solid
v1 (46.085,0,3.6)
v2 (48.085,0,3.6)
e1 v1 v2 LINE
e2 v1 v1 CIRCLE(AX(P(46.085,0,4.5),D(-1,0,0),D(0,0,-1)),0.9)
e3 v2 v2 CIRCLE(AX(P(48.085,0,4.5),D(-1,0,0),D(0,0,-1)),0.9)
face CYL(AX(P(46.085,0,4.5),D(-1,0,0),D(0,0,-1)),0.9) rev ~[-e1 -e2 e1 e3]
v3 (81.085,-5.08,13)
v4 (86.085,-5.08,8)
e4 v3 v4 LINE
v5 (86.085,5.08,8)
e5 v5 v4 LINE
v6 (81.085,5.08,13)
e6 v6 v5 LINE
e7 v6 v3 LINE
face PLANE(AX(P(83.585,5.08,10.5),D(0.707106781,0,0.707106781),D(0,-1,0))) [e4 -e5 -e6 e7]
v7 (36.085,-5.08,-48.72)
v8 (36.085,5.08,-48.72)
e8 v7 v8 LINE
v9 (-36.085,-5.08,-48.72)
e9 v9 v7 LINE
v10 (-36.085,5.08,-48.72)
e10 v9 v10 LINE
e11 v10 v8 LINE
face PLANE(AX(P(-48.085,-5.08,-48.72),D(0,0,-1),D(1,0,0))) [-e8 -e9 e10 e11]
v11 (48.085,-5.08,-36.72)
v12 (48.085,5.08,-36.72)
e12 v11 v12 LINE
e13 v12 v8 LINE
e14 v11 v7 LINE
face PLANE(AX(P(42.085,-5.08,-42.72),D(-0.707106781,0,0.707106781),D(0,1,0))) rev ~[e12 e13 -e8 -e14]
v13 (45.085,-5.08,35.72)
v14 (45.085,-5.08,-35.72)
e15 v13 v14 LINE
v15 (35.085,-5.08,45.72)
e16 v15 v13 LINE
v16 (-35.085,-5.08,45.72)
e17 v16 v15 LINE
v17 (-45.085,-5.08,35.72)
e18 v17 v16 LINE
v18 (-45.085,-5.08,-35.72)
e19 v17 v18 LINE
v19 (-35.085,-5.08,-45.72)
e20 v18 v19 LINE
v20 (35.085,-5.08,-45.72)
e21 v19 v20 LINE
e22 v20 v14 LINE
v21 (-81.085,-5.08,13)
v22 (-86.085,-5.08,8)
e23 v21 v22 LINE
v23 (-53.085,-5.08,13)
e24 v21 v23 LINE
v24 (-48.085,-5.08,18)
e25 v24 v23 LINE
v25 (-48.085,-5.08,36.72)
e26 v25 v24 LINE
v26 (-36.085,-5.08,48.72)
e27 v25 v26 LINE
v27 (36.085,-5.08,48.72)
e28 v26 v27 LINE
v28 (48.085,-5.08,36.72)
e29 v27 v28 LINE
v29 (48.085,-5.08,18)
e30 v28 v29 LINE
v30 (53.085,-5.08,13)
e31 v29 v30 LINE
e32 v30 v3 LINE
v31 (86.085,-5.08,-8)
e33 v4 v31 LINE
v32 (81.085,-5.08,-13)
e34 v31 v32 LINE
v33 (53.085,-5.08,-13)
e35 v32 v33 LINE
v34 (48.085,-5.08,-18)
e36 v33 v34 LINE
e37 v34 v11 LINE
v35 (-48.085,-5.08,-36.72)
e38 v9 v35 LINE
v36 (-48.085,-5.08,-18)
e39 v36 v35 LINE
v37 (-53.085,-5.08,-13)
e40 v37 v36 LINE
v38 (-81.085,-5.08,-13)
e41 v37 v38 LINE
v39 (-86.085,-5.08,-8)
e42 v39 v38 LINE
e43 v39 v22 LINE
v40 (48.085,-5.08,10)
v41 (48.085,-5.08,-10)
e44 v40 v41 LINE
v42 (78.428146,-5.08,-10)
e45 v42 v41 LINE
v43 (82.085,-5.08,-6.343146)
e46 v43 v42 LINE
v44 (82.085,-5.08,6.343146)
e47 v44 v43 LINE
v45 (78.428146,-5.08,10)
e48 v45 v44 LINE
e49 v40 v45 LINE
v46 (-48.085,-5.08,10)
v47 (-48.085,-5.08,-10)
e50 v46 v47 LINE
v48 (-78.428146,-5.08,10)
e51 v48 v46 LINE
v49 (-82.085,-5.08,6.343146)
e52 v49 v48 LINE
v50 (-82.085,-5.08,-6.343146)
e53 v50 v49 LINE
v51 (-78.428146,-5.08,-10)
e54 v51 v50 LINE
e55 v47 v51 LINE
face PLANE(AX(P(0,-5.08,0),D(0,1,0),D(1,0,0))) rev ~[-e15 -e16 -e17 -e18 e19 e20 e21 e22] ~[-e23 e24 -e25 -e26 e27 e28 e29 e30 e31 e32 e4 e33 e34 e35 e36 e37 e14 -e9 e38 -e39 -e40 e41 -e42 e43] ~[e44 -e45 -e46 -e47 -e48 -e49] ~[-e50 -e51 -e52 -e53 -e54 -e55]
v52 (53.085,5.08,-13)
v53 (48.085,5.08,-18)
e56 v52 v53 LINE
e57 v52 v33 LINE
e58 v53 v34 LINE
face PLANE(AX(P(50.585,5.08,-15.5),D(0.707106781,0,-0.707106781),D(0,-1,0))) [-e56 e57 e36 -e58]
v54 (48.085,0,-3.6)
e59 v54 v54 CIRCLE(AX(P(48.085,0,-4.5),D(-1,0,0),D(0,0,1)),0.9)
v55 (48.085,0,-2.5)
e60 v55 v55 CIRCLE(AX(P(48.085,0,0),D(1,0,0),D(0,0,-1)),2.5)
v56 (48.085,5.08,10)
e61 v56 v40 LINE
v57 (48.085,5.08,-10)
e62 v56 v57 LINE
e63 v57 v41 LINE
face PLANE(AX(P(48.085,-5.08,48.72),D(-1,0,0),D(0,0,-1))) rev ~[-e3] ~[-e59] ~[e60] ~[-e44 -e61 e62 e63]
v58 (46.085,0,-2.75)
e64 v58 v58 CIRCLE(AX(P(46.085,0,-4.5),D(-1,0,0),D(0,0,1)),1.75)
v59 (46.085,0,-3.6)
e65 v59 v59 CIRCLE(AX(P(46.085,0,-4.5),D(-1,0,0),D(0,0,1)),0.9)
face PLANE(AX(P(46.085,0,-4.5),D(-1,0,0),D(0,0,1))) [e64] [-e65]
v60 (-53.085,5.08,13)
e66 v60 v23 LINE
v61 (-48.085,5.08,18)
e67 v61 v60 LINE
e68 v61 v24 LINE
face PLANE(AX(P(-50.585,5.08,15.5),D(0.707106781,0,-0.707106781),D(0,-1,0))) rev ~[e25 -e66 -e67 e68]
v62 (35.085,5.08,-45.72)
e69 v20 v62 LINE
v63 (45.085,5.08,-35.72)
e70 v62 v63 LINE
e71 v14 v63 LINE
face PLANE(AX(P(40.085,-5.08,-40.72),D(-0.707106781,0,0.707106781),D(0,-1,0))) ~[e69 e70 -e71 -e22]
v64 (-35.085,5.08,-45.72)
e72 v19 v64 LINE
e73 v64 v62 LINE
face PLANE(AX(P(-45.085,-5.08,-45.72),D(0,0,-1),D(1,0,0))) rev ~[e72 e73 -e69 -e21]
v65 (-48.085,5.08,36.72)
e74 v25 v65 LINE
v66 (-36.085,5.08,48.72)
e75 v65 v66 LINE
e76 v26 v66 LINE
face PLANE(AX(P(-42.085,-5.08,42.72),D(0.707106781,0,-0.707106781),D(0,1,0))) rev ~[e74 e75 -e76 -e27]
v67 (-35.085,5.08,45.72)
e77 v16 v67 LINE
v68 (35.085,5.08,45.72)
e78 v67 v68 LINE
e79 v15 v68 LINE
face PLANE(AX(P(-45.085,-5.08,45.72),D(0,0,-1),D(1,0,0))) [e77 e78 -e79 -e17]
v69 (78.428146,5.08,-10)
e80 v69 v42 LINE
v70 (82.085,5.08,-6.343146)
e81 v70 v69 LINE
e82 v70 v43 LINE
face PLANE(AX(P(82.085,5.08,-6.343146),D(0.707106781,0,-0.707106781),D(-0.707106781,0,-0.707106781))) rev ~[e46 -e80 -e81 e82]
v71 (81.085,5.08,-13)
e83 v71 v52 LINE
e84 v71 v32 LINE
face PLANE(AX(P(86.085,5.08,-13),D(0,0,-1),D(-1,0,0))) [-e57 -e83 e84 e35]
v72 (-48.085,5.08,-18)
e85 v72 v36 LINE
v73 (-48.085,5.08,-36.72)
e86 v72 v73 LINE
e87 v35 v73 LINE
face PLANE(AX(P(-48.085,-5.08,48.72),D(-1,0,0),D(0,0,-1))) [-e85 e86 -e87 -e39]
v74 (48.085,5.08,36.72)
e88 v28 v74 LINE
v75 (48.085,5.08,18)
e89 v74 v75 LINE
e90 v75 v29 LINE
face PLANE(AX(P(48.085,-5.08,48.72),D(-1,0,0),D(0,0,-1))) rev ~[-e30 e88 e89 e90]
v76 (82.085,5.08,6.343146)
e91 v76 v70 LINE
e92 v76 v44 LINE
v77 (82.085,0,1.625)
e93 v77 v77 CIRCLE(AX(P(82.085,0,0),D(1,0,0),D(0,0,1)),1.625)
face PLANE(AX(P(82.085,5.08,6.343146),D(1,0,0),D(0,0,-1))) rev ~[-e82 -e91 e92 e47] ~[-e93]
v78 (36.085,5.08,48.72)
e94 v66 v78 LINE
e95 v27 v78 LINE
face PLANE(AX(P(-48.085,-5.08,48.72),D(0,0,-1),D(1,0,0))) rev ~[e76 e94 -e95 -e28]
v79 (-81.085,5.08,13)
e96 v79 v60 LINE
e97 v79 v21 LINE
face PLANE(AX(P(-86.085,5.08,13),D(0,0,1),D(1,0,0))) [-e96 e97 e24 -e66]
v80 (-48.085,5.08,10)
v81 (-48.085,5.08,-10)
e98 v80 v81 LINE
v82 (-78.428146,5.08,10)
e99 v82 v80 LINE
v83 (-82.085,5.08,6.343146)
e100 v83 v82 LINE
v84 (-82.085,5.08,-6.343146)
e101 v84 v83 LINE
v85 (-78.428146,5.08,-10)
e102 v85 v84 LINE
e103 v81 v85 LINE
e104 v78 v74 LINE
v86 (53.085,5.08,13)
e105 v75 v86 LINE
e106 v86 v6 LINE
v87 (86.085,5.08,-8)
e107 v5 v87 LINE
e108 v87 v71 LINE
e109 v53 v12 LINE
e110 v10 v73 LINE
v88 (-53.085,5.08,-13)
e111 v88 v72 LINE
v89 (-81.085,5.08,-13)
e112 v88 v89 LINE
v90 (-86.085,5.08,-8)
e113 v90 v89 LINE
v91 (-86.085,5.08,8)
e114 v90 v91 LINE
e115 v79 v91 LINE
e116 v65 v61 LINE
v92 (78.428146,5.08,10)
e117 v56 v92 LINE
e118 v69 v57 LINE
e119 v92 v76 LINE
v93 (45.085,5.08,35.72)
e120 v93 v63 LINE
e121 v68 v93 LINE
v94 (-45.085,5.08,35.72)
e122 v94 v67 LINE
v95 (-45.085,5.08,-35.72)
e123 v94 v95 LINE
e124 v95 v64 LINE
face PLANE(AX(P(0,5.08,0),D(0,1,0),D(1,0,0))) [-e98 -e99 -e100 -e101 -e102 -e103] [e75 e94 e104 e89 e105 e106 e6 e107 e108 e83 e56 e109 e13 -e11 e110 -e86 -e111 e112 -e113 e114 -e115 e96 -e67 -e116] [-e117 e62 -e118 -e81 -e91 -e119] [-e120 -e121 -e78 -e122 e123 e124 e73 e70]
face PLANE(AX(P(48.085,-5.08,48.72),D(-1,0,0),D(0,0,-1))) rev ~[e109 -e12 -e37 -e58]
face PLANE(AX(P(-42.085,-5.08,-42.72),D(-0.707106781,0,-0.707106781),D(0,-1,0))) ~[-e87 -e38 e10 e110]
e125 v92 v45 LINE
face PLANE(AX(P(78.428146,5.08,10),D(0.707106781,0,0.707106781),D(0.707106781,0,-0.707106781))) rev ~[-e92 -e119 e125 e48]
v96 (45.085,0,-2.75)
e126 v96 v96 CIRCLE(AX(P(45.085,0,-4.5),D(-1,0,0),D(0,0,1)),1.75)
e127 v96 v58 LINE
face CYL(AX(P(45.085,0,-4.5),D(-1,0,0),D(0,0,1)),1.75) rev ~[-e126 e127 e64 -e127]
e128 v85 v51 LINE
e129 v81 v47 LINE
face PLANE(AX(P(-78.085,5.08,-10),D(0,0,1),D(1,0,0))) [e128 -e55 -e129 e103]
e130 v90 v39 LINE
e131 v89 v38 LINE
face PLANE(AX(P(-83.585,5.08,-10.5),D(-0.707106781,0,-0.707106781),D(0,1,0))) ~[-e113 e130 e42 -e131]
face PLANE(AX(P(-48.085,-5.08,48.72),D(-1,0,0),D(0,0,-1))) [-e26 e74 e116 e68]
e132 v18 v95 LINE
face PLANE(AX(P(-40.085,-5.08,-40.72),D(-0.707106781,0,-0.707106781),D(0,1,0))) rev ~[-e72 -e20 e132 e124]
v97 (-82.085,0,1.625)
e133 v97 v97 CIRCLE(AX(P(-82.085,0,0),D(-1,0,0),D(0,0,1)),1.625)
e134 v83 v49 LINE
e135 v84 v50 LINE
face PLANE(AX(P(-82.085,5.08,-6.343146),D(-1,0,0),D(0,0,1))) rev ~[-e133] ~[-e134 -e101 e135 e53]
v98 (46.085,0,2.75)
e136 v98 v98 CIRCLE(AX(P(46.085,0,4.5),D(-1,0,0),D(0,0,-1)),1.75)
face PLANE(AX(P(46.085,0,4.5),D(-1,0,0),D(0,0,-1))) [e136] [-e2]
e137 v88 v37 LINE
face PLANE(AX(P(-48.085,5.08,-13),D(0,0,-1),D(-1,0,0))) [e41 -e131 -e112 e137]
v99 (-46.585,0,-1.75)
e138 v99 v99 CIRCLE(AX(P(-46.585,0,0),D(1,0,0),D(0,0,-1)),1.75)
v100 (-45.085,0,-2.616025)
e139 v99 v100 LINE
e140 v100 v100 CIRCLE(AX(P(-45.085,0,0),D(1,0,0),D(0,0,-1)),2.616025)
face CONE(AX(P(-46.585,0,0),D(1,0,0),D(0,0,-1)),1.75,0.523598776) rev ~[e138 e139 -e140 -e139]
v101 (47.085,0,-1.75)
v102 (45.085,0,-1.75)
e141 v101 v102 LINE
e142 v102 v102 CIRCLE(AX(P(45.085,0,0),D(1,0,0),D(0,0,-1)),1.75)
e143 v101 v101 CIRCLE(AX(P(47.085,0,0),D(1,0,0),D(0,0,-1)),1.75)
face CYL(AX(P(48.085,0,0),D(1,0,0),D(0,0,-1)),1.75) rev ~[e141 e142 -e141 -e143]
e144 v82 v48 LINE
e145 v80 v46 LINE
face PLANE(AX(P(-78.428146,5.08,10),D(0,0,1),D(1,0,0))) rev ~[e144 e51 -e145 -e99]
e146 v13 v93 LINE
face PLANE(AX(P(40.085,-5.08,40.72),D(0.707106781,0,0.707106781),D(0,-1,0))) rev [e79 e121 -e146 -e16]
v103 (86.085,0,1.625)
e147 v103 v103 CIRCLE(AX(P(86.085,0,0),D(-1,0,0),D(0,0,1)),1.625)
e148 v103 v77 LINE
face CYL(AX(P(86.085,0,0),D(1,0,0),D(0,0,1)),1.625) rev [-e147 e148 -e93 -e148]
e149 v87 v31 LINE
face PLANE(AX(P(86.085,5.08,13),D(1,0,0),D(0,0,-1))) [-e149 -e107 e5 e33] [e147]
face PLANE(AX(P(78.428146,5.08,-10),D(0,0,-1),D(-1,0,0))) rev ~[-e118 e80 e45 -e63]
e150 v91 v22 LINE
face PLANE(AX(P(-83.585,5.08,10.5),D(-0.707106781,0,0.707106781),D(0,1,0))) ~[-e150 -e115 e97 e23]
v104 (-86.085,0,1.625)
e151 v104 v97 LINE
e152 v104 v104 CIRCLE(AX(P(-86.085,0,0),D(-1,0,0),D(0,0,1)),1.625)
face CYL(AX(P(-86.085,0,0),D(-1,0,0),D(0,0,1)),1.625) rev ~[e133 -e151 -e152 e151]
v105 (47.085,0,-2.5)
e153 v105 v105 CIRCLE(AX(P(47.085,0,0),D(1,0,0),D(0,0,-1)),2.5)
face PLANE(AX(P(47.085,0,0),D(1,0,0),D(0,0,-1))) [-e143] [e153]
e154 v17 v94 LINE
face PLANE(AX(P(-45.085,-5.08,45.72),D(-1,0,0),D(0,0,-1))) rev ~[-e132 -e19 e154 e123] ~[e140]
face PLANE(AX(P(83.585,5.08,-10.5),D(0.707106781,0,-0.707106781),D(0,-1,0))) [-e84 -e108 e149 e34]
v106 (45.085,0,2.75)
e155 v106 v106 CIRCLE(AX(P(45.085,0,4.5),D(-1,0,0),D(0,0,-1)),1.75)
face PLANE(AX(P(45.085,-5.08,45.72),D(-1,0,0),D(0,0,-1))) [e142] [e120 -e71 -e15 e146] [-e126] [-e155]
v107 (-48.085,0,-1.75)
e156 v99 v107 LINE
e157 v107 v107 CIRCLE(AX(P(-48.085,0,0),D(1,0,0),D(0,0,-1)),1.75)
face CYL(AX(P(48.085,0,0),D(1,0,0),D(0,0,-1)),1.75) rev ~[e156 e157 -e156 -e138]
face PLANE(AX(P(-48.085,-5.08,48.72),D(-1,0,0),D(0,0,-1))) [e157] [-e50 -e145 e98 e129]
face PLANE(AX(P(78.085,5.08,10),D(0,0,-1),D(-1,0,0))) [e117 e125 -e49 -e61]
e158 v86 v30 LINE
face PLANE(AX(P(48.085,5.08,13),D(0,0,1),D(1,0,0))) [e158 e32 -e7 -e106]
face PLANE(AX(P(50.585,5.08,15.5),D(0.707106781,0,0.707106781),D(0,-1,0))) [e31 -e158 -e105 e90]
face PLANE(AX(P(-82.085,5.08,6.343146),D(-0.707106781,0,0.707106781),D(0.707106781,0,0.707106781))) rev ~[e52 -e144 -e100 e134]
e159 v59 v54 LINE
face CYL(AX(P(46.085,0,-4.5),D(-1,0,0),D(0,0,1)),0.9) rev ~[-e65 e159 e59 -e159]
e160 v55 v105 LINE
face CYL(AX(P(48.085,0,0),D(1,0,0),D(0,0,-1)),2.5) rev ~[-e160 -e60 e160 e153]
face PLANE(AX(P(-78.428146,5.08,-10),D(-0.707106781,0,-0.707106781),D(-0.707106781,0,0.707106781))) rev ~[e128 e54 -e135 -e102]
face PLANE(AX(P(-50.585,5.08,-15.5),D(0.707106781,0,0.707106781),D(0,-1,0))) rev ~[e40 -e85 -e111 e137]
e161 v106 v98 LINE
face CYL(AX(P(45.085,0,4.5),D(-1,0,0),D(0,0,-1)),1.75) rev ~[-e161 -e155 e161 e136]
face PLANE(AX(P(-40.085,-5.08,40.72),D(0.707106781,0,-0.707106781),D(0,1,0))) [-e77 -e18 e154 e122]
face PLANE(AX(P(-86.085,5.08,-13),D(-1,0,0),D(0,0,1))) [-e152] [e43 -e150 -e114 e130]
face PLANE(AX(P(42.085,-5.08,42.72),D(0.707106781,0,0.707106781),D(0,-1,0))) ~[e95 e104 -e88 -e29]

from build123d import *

# Parameters (mm, degrees)
BOSS_EXTRUDE1_DEPTH      = 5.08
BOSS_EXTRUDE1_DEPTH_BACK = 5.08
SKETCH2_W                = 96.17
SKETCH2_H                = 97.44
SKETCH2_W_2              = 90.17
SKETCH2_H_2              = 91.44
SKETCH3_R                = 1.75
CUT_EXTRUDE1_DEPTH       = 108.926427255
SKETCH4_R                = 1.75
CUT_EXTRUDE2_DEPTH       = 1
SKETCH5_R                = 0.9
CUT_EXTRUDE3_DEPTH       = 107.148168613
SKETCH6_R                = 2.5
CUT_EXTRUDE4_DEPTH       = 1
BOSS_EXTRUDE2_DEPTH      = 10.16
CHAMFER1_SIZE            = 1.5
CHAMFER1_SIZE2           = 0.866025404
SKETCH9_R                = 1.625
CUT_EXTRUDE5_DEPTH       = 5
CHAMFER3_SIZE            = 10
CHAMFER4_SIZE            = 12
CHAMFER5_SIZE            = 5
CUT_EXTRUDE6_DEPTH       = 100.435864883


with BuildPart() as part:
    # Sketch2 → Boss-Extrude1 (new, two sides: drawn at the far end of the back side and taken through both)
    with BuildSketch(Plane(origin=(0, 0, 0), x_dir=(1, 0, 0), z_dir=(0, 1, 0)).offset(-BOSS_EXTRUDE1_DEPTH_BACK)):
        Rectangle(SKETCH2_W, SKETCH2_H)
        Rectangle(SKETCH2_W_2, SKETCH2_H_2, mode=Mode.SUBTRACT)
    extrude(amount=BOSS_EXTRUDE1_DEPTH + BOSS_EXTRUDE1_DEPTH_BACK)

    # Sketch3 → Cut-Extrude1 (cut, through all)
    with BuildSketch(Plane(origin=(48.085, 0, 0), x_dir=(0, 0, -1), z_dir=(1, 0, 0))):
        Circle(SKETCH3_R)
    extrude(amount=-CUT_EXTRUDE1_DEPTH, mode=Mode.SUBTRACT)

    # Sketch4 → Cut-Extrude2 (cut)
    with BuildSketch(Plane.ZY.offset(-45.085)):
        with Locations((-4.5, 0)):
            Circle(SKETCH4_R)
        with Locations(Location((4.5, 0, 0), (0, 0, 180))):
            Circle(SKETCH4_R)
    extrude(amount=-CUT_EXTRUDE2_DEPTH, mode=Mode.SUBTRACT)

    # Sketch5 → Cut-Extrude3 (cut, through all)
    with BuildSketch(Plane.ZY.offset(-46.085)):
        with Locations((-4.5, 0)):
            Circle(SKETCH5_R)
        with Locations(Location((4.5, 0, 0), (0, 0, 180))):
            Circle(SKETCH5_R)
    extrude(amount=-CUT_EXTRUDE3_DEPTH, mode=Mode.SUBTRACT)

    # Sketch6 → Cut-Extrude4 (cut)
    with BuildSketch(Plane(origin=(48.085, 0, 0), x_dir=(0, 0, -1), z_dir=(1, 0, 0))):
        Circle(SKETCH6_R)
    extrude(amount=-CUT_EXTRUDE4_DEPTH, mode=Mode.SUBTRACT)

    # Sketch8 → Boss-Extrude2 (add)
    with BuildSketch(Plane(origin=(0, 5.08, 0), x_dir=(1, 0, 0), z_dir=(0, 1, 0))):
        Polygon((48.085, -13), (86.085, -13), (86.085, 13), (48.085, 13), (48.085, 10), (78.085, 10), (78.085, -10), (48.085, -10), align=None)
        Polygon((-86.085, 13), (-86.085, -13), (-48.085, -13), (-48.085, -10), (-78.085, -10), (-78.085, 10), (-48.085, 10), (-48.085, 13), align=None)
    extrude(amount=-BOSS_EXTRUDE2_DEPTH)

    # Chamfer1
    chamfer1_edges = [part.edges().sort_by_distance(p)[0] for p in [
        (-45.085, 0, 1.75),
    ]]
    chamfer1_side = [part.faces().sort_by_distance(p)[0] for p in [
        (-46.585, 0, 1.75),
    ]]
    chamfer(chamfer1_edges, length=CHAMFER1_SIZE, length2=CHAMFER1_SIZE2, reference=chamfer1_side[0])

    # Sketch9 → Cut-Extrude5 (cut)
    with BuildSketch(Plane.ZY.offset(86.085)):
        Circle(SKETCH9_R)
    cut_extrude5 = extrude(amount=-CUT_EXTRUDE5_DEPTH, mode=Mode.SUBTRACT)

    # Mirror2: Cut-Extrude5 across plane
    add(cut_extrude5.mirror(Plane(origin=(0, 0, 0), x_dir=(0, 0, 1), z_dir=(1, 0, 0))), mode=Mode.SUBTRACT)

    # Chamfer3
    chamfer3_edges = [part.edges().sort_by_distance(p)[0] for p in [
        (45.085, 0, -45.72),
        (45.085, 0, 45.72),
        (-45.085, 0, 45.72),
        (-45.085, 0, -45.72),
    ]]
    chamfer(chamfer3_edges, length=CHAMFER3_SIZE)

    # Chamfer4
    chamfer4_edges = [part.edges().sort_by_distance(p)[0] for p in [
        (-48.085, 0, -48.72),
        (48.085, 0, -48.72),
        (48.085, 0, 48.72),
        (-48.085, 0, 48.72),
    ]]
    chamfer(chamfer4_edges, length=CHAMFER4_SIZE)

    # Chamfer5
    chamfer5_edges = [part.edges().sort_by_distance(p)[0] for p in [
        (86.085, 0, 13),
        (48.085, 0, 13),
        (48.085, 0, -13),
        (86.085, 0, -13),
        (-86.085, 0, 13),
        (-48.085, 0, 13),
        (-48.085, 0, -13),
        (-86.085, 0, -13),
    ]]
    chamfer(chamfer5_edges, length=CHAMFER5_SIZE)

    # Sketch10 → Cut-Extrude6 (cut, through all)
    with BuildSketch(Plane(origin=(0, 5.08, 0), x_dir=(1, 0, 0), z_dir=(0, 1, 0))):
        Polygon((78.085, 10), (78.085, -10), (78.428145751, -10), (82.085, -6.343145751), (82.085, 6.343145751), (78.428145751, 10), align=None)
        Polygon((-82.085, -6.343145751), (-78.428145751, -10), (-78.085, -10), (-78.085, 10), (-78.428145751, 10), (-82.085, 6.343145751), align=None)
    extrude(amount=-CUT_EXTRUDE6_DEPTH, mode=Mode.SUBTRACT)


solid = part.part
